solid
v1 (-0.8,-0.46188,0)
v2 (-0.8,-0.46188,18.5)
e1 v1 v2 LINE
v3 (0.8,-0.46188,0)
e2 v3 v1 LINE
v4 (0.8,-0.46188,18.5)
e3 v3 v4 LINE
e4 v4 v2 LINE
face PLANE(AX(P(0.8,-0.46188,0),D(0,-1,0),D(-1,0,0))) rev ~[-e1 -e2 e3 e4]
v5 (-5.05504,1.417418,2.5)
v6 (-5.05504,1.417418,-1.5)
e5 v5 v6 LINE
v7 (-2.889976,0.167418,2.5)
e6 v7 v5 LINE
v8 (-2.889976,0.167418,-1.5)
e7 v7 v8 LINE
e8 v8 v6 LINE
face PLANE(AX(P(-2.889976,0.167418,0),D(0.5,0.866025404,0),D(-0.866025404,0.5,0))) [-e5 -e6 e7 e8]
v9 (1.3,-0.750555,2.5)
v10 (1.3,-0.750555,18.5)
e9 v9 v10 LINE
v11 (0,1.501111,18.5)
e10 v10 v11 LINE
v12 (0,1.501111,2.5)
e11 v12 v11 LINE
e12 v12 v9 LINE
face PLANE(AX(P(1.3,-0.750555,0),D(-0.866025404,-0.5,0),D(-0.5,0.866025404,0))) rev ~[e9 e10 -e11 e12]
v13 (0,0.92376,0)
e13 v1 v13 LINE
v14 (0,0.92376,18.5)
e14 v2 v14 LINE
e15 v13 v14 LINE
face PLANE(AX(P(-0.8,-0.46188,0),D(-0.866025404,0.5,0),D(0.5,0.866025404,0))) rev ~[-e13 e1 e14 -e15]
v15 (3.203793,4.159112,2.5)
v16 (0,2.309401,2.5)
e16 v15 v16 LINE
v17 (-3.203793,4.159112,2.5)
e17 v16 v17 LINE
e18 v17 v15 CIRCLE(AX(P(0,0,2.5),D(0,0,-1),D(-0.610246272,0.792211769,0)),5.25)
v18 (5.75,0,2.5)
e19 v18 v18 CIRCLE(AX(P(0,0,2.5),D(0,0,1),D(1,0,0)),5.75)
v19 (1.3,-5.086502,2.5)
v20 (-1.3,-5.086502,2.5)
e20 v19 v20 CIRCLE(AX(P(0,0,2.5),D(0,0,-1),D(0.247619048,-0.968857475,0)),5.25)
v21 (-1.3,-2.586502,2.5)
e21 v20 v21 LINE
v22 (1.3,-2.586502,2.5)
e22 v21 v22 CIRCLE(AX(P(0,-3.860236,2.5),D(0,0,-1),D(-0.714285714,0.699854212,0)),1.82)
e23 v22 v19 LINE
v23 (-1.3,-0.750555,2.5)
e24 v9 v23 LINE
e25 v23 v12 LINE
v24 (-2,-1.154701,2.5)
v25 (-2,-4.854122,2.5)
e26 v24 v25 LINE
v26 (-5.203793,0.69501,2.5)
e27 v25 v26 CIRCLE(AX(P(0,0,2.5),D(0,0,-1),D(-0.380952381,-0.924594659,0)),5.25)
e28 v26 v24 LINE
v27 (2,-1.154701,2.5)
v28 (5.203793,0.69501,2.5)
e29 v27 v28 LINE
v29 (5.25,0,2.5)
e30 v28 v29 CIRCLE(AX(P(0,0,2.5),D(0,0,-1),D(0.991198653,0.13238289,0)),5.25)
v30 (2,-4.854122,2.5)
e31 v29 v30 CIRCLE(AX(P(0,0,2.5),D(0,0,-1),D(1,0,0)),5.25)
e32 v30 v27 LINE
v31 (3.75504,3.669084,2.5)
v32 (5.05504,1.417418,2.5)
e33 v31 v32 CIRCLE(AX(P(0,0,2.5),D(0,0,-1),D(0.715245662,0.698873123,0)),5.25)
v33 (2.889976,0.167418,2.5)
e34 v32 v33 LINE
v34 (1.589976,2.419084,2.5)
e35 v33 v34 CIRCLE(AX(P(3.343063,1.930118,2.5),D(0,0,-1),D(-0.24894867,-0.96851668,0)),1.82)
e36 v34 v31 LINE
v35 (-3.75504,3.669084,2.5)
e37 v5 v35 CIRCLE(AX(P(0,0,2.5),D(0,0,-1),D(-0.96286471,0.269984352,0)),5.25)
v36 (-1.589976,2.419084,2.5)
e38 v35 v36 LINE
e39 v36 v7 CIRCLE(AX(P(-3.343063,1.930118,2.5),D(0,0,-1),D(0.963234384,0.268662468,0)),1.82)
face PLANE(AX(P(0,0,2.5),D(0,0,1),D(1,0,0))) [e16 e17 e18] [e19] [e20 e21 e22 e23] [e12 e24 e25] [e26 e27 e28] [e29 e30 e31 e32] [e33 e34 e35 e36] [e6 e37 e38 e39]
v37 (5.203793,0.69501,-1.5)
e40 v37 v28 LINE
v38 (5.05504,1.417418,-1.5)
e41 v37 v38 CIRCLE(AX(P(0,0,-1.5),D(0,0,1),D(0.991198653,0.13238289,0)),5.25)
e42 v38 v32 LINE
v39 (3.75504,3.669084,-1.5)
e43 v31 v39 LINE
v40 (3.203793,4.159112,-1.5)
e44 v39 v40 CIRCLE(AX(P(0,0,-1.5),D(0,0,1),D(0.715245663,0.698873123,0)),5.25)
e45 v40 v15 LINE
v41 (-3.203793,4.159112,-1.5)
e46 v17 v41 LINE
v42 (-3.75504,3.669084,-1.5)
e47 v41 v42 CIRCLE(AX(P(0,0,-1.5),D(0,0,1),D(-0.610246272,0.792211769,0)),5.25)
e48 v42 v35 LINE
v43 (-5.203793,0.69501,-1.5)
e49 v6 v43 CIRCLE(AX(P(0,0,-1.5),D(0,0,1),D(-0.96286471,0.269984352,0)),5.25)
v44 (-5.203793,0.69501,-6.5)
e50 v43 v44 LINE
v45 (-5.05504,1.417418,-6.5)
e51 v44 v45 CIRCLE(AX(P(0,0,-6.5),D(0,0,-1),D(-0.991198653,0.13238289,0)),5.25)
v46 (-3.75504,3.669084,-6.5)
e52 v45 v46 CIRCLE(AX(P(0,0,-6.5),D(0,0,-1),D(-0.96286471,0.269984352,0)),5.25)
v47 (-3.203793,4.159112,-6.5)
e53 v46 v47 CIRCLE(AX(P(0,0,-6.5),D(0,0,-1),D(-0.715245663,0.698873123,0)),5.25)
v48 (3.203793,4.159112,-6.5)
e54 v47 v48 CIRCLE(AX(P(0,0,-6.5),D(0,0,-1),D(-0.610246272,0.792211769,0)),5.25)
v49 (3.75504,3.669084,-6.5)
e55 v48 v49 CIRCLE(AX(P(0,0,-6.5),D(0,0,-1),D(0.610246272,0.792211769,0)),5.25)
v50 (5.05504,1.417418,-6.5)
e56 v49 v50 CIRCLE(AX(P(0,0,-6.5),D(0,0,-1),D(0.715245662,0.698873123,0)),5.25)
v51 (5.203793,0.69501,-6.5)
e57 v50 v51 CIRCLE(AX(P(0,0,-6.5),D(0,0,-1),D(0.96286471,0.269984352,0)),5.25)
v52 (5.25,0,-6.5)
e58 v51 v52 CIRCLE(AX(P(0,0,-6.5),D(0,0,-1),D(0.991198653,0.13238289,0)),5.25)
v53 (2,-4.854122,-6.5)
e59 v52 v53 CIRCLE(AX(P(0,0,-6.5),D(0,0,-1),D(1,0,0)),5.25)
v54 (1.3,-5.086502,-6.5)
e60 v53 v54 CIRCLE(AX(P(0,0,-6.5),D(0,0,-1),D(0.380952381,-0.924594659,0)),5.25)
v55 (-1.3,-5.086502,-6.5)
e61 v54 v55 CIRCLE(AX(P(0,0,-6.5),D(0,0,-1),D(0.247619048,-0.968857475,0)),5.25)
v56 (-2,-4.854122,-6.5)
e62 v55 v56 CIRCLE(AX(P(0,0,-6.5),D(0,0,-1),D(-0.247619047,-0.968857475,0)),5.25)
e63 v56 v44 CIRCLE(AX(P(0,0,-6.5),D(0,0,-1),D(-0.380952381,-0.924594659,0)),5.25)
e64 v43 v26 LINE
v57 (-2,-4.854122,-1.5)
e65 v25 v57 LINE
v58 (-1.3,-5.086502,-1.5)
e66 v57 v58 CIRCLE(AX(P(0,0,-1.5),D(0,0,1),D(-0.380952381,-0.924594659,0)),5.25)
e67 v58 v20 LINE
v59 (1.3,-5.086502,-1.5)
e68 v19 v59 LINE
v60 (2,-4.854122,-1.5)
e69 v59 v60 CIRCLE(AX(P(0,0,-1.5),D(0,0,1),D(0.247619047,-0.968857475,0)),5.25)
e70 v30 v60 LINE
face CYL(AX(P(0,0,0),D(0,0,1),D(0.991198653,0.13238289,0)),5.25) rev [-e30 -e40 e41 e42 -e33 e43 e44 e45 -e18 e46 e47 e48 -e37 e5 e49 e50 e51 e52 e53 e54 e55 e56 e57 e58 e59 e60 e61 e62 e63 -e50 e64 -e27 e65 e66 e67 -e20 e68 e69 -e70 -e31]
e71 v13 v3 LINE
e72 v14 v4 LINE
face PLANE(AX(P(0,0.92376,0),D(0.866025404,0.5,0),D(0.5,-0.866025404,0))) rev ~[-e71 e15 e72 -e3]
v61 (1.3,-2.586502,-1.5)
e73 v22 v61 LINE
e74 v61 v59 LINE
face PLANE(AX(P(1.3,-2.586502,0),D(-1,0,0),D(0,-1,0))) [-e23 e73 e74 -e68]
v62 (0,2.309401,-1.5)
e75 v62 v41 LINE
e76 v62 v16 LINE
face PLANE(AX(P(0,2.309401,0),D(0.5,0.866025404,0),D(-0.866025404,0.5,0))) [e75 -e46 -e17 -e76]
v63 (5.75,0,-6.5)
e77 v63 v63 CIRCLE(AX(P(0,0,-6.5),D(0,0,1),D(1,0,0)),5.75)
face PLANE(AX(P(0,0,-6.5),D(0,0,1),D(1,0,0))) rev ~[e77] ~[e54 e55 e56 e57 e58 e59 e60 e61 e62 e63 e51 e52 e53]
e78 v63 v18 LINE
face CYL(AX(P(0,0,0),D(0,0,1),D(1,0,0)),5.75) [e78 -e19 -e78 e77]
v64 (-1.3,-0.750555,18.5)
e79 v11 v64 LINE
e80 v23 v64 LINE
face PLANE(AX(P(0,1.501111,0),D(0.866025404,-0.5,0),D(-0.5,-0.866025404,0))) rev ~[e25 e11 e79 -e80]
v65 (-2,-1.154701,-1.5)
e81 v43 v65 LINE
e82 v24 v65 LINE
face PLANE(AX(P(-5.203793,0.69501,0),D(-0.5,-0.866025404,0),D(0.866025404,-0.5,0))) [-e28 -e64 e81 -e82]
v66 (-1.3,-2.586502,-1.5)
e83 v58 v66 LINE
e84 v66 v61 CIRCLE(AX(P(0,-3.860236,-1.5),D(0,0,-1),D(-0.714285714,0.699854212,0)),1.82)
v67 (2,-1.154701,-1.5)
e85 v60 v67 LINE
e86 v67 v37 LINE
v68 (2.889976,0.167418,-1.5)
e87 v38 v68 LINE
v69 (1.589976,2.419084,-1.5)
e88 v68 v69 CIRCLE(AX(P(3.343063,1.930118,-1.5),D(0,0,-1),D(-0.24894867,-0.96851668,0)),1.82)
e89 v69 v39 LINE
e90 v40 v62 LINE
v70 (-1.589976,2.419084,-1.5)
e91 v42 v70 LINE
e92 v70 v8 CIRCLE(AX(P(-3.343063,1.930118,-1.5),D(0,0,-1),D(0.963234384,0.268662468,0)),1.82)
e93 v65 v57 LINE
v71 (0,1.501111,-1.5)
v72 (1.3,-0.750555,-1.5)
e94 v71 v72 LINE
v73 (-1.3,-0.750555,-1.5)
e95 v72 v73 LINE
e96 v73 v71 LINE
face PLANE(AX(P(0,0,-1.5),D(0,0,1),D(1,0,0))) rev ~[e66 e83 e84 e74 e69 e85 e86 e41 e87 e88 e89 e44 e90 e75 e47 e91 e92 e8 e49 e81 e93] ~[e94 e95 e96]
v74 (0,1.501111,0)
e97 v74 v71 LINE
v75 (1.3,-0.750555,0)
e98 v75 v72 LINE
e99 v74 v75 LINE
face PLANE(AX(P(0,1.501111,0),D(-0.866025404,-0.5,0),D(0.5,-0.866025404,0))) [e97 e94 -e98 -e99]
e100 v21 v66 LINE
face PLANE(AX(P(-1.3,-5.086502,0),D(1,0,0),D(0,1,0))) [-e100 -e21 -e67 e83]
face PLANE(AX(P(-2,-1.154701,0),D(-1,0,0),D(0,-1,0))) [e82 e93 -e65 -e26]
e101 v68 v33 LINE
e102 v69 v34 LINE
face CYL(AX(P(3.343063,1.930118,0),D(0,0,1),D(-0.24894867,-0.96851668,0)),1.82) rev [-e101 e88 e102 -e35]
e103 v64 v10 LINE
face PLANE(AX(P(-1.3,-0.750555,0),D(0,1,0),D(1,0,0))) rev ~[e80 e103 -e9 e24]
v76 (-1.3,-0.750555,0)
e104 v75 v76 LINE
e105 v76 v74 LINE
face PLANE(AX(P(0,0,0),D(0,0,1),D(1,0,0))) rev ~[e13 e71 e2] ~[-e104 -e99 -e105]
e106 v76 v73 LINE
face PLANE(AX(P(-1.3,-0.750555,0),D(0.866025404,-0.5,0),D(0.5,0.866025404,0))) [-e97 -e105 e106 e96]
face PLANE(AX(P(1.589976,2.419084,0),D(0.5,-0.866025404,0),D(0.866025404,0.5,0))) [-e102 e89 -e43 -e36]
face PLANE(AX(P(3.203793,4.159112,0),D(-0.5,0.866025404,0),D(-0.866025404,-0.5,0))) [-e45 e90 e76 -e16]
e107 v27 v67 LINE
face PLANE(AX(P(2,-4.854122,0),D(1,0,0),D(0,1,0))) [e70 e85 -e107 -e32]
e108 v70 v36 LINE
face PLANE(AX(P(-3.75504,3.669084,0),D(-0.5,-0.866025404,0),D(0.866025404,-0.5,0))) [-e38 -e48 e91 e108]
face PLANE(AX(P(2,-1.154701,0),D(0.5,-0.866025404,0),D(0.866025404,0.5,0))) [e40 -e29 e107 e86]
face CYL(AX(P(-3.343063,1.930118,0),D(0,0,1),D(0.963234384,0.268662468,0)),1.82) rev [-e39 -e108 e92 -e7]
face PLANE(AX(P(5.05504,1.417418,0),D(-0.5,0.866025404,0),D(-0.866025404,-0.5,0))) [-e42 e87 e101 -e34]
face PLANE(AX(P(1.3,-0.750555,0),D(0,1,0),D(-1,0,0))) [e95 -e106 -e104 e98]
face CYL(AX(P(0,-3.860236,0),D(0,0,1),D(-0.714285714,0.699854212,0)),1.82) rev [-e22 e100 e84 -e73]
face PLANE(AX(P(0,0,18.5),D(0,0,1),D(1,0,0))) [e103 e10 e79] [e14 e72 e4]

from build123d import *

# Parameters (mm, degrees)
F0_R     = 5.75
F1_DEPTH = 2.5
F2_DEPTH = 18.5
F3_DEPTH = 6.5
F4_DEPTH = 1.5


with BuildPart() as f1:
    # F0 (on Top) → F1 (new body)
    with BuildSketch(Plane.XY):
        Circle(F0_R)
        with BuildLine():
            ThreePointArc((5.2037929302, 0.6950101723), (5.2384354956, 0.3482722473), (5.25, 0))
            ThreePointArc((5.25, 0), (4.3624820917, -2.9208303614), (2, -4.8541219597))
            ThreePointArc((2, -4.8541219597), (1.6540858778, -4.9826197837), (1.3, -5.0865017448))
            ThreePointArc((1.3, -5.0865017448), (0, -5.25), (-1.3, -5.0865017448))
            ThreePointArc((-1.3, -5.0865017448), (-1.6540858778, -4.9826197837), (-2, -4.8541219597))
            ThreePointArc((-2, -4.8541219597), (-4.5466333699, -2.625), (-5.2037929302, 0.6950101723))
            ThreePointArc((-5.2037929302, 0.6950101723), (-5.142118249, 1.0588295016), (-5.0550397274, 1.4174178475))
            ThreePointArc((-5.0550397274, 1.4174178475), (-4.5466333699, 2.625), (-3.7550397274, 3.6690838973))
            ThreePointArc((-3.7550397274, 3.6690838973), (-3.4880323712, 3.9237902821), (-3.2037929302, 4.1591117874))
            ThreePointArc((-3.2037929302, 4.1591117874), (0, 5.25), (3.2037929302, 4.1591117874))
            ThreePointArc((3.2037929302, 4.1591117874), (3.4880323712, 3.9237902821), (3.7550397274, 3.6690838973))
            ThreePointArc((3.7550397274, 3.6690838973), (4.5466333699, 2.625), (5.0550397274, 1.4174178475))
            ThreePointArc((5.0550397274, 1.4174178475), (5.142118249, 1.0588295016), (5.2037929302, 0.6950101723))
        make_face(mode=Mode.SUBTRACT)
        with BuildLine():
            Line((2, -1.1547005384), (5.2037929302, 0.6950101723))
            ThreePointArc((5.2037929302, 0.6950101723), (5.142118249, 1.0588295016), (5.0550397274, 1.4174178475))
            Line((5.0550397274, 1.4174178475), (2.8899762179, 0.1674178475))
            ThreePointArc((2.8899762179, 0.1674178475), (1.7668965617, 1.0201182055), (1.5899762179, 2.4190838973))
            Line((1.5899762179, 2.4190838973), (3.7550397274, 3.6690838973))
            ThreePointArc((3.7550397274, 3.6690838973), (3.4880323712, 3.9237902821), (3.2037929302, 4.1591117874))
            Line((3.2037929302, 4.1591117874), (0, 2.3094010768))
            Line((0, 2.3094010768), (-3.2037929302, 4.1591117874))
            ThreePointArc((-3.2037929302, 4.1591117874), (-3.4880323712, 3.9237902821), (-3.7550397274, 3.6690838973))
            Line((-3.7550397274, 3.6690838973), (-1.5899762179, 2.4190838973))
            ThreePointArc((-1.5899762179, 2.4190838973), (-1.7668965617, 1.0201182055), (-2.8899762179, 0.1674178475))
            Line((-2.8899762179, 0.1674178475), (-5.0550397274, 1.4174178475))
            ThreePointArc((-5.0550397274, 1.4174178475), (-5.142118249, 1.0588295016), (-5.2037929302, 0.6950101723))
            Line((-5.2037929302, 0.6950101723), (-2, -1.1547005384))
            Line((-2, -1.1547005384), (-2, -4.8541219597))
            ThreePointArc((-2, -4.8541219597), (-1.6540858778, -4.9826197837), (-1.3, -5.0865017448))
            Line((-1.3, -5.0865017448), (-1.3, -2.5865017448))
            ThreePointArc((-1.3, -2.5865017448), (0, -2.0402364111), (1.3, -2.5865017448))
            Line((1.3, -2.5865017448), (1.3, -5.0865017448))
            ThreePointArc((1.3, -5.0865017448), (1.6540858778, -4.9826197837), (2, -4.8541219597))
            Line((2, -4.8541219597), (2, -1.1547005384))
        make_face()
        Polygon((-1.3, -0.7505553499), (0, 1.5011106999), (1.3, -0.7505553499), align=None, mode=Mode.SUBTRACT)
    extrude(amount=F1_DEPTH)

    # F0 (on Top) → F2 (join)
    with BuildSketch(Plane.XY):
        Polygon((1.3, -0.7505553499), (0, 1.5011106999), (-1.3, -0.7505553499), align=None)
        Polygon((-0.8, -0.4618802154), (0, 0.9237604307), (0.8, -0.4618802154), align=None, mode=Mode.SUBTRACT)
    extrude(amount=F2_DEPTH)

    # F0 (on Top) → F3 (join)
    with BuildSketch(Plane.XY):
        Circle(F0_R)
        with BuildLine():
            ThreePointArc((5.2037929302, 0.6950101723), (5.2384354956, 0.3482722473), (5.25, 0))
            ThreePointArc((5.25, 0), (4.3624820917, -2.9208303614), (2, -4.8541219597))
            ThreePointArc((2, -4.8541219597), (1.6540858778, -4.9826197837), (1.3, -5.0865017448))
            ThreePointArc((1.3, -5.0865017448), (0, -5.25), (-1.3, -5.0865017448))
            ThreePointArc((-1.3, -5.0865017448), (-1.6540858778, -4.9826197837), (-2, -4.8541219597))
            ThreePointArc((-2, -4.8541219597), (-4.5466333699, -2.625), (-5.2037929302, 0.6950101723))
            ThreePointArc((-5.2037929302, 0.6950101723), (-5.142118249, 1.0588295016), (-5.0550397274, 1.4174178475))
            ThreePointArc((-5.0550397274, 1.4174178475), (-4.5466333699, 2.625), (-3.7550397274, 3.6690838973))
            ThreePointArc((-3.7550397274, 3.6690838973), (-3.4880323712, 3.9237902821), (-3.2037929302, 4.1591117874))
            ThreePointArc((-3.2037929302, 4.1591117874), (0, 5.25), (3.2037929302, 4.1591117874))
            ThreePointArc((3.2037929302, 4.1591117874), (3.4880323712, 3.9237902821), (3.7550397274, 3.6690838973))
            ThreePointArc((3.7550397274, 3.6690838973), (4.5466333699, 2.625), (5.0550397274, 1.4174178475))
            ThreePointArc((5.0550397274, 1.4174178475), (5.142118249, 1.0588295016), (5.2037929302, 0.6950101723))
        make_face(mode=Mode.SUBTRACT)
    extrude(amount=-F3_DEPTH)

    # F0 (on Top) → F4 (join)
    with BuildSketch(Plane.XY):
        with BuildLine():
            Line((2, -1.1547005384), (5.2037929302, 0.6950101723))
            ThreePointArc((5.2037929302, 0.6950101723), (5.142118249, 1.0588295016), (5.0550397274, 1.4174178475))
            Line((5.0550397274, 1.4174178475), (2.8899762179, 0.1674178475))
            ThreePointArc((2.8899762179, 0.1674178475), (1.7668965617, 1.0201182055), (1.5899762179, 2.4190838973))
            Line((1.5899762179, 2.4190838973), (3.7550397274, 3.6690838973))
            ThreePointArc((3.7550397274, 3.6690838973), (3.4880323712, 3.9237902821), (3.2037929302, 4.1591117874))
            Line((3.2037929302, 4.1591117874), (0, 2.3094010768))
            Line((0, 2.3094010768), (-3.2037929302, 4.1591117874))
            ThreePointArc((-3.2037929302, 4.1591117874), (-3.4880323712, 3.9237902821), (-3.7550397274, 3.6690838973))
            Line((-3.7550397274, 3.6690838973), (-1.5899762179, 2.4190838973))
            ThreePointArc((-1.5899762179, 2.4190838973), (-1.7668965617, 1.0201182055), (-2.8899762179, 0.1674178475))
            Line((-2.8899762179, 0.1674178475), (-5.0550397274, 1.4174178475))
            ThreePointArc((-5.0550397274, 1.4174178475), (-5.142118249, 1.0588295016), (-5.2037929302, 0.6950101723))
            Line((-5.2037929302, 0.6950101723), (-2, -1.1547005384))
            Line((-2, -1.1547005384), (-2, -4.8541219597))
            ThreePointArc((-2, -4.8541219597), (-1.6540858778, -4.9826197837), (-1.3, -5.0865017448))
            Line((-1.3, -5.0865017448), (-1.3, -2.5865017448))
            ThreePointArc((-1.3, -2.5865017448), (0, -2.0402364111), (1.3, -2.5865017448))
            Line((1.3, -2.5865017448), (1.3, -5.0865017448))
            ThreePointArc((1.3, -5.0865017448), (1.6540858778, -4.9826197837), (2, -4.8541219597))
            Line((2, -4.8541219597), (2, -1.1547005384))
        make_face()
        Polygon((-1.3, -0.7505553499), (0, 1.5011106999), (1.3, -0.7505553499), align=None, mode=Mode.SUBTRACT)
    extrude(amount=-F4_DEPTH)


solid = f1.part
